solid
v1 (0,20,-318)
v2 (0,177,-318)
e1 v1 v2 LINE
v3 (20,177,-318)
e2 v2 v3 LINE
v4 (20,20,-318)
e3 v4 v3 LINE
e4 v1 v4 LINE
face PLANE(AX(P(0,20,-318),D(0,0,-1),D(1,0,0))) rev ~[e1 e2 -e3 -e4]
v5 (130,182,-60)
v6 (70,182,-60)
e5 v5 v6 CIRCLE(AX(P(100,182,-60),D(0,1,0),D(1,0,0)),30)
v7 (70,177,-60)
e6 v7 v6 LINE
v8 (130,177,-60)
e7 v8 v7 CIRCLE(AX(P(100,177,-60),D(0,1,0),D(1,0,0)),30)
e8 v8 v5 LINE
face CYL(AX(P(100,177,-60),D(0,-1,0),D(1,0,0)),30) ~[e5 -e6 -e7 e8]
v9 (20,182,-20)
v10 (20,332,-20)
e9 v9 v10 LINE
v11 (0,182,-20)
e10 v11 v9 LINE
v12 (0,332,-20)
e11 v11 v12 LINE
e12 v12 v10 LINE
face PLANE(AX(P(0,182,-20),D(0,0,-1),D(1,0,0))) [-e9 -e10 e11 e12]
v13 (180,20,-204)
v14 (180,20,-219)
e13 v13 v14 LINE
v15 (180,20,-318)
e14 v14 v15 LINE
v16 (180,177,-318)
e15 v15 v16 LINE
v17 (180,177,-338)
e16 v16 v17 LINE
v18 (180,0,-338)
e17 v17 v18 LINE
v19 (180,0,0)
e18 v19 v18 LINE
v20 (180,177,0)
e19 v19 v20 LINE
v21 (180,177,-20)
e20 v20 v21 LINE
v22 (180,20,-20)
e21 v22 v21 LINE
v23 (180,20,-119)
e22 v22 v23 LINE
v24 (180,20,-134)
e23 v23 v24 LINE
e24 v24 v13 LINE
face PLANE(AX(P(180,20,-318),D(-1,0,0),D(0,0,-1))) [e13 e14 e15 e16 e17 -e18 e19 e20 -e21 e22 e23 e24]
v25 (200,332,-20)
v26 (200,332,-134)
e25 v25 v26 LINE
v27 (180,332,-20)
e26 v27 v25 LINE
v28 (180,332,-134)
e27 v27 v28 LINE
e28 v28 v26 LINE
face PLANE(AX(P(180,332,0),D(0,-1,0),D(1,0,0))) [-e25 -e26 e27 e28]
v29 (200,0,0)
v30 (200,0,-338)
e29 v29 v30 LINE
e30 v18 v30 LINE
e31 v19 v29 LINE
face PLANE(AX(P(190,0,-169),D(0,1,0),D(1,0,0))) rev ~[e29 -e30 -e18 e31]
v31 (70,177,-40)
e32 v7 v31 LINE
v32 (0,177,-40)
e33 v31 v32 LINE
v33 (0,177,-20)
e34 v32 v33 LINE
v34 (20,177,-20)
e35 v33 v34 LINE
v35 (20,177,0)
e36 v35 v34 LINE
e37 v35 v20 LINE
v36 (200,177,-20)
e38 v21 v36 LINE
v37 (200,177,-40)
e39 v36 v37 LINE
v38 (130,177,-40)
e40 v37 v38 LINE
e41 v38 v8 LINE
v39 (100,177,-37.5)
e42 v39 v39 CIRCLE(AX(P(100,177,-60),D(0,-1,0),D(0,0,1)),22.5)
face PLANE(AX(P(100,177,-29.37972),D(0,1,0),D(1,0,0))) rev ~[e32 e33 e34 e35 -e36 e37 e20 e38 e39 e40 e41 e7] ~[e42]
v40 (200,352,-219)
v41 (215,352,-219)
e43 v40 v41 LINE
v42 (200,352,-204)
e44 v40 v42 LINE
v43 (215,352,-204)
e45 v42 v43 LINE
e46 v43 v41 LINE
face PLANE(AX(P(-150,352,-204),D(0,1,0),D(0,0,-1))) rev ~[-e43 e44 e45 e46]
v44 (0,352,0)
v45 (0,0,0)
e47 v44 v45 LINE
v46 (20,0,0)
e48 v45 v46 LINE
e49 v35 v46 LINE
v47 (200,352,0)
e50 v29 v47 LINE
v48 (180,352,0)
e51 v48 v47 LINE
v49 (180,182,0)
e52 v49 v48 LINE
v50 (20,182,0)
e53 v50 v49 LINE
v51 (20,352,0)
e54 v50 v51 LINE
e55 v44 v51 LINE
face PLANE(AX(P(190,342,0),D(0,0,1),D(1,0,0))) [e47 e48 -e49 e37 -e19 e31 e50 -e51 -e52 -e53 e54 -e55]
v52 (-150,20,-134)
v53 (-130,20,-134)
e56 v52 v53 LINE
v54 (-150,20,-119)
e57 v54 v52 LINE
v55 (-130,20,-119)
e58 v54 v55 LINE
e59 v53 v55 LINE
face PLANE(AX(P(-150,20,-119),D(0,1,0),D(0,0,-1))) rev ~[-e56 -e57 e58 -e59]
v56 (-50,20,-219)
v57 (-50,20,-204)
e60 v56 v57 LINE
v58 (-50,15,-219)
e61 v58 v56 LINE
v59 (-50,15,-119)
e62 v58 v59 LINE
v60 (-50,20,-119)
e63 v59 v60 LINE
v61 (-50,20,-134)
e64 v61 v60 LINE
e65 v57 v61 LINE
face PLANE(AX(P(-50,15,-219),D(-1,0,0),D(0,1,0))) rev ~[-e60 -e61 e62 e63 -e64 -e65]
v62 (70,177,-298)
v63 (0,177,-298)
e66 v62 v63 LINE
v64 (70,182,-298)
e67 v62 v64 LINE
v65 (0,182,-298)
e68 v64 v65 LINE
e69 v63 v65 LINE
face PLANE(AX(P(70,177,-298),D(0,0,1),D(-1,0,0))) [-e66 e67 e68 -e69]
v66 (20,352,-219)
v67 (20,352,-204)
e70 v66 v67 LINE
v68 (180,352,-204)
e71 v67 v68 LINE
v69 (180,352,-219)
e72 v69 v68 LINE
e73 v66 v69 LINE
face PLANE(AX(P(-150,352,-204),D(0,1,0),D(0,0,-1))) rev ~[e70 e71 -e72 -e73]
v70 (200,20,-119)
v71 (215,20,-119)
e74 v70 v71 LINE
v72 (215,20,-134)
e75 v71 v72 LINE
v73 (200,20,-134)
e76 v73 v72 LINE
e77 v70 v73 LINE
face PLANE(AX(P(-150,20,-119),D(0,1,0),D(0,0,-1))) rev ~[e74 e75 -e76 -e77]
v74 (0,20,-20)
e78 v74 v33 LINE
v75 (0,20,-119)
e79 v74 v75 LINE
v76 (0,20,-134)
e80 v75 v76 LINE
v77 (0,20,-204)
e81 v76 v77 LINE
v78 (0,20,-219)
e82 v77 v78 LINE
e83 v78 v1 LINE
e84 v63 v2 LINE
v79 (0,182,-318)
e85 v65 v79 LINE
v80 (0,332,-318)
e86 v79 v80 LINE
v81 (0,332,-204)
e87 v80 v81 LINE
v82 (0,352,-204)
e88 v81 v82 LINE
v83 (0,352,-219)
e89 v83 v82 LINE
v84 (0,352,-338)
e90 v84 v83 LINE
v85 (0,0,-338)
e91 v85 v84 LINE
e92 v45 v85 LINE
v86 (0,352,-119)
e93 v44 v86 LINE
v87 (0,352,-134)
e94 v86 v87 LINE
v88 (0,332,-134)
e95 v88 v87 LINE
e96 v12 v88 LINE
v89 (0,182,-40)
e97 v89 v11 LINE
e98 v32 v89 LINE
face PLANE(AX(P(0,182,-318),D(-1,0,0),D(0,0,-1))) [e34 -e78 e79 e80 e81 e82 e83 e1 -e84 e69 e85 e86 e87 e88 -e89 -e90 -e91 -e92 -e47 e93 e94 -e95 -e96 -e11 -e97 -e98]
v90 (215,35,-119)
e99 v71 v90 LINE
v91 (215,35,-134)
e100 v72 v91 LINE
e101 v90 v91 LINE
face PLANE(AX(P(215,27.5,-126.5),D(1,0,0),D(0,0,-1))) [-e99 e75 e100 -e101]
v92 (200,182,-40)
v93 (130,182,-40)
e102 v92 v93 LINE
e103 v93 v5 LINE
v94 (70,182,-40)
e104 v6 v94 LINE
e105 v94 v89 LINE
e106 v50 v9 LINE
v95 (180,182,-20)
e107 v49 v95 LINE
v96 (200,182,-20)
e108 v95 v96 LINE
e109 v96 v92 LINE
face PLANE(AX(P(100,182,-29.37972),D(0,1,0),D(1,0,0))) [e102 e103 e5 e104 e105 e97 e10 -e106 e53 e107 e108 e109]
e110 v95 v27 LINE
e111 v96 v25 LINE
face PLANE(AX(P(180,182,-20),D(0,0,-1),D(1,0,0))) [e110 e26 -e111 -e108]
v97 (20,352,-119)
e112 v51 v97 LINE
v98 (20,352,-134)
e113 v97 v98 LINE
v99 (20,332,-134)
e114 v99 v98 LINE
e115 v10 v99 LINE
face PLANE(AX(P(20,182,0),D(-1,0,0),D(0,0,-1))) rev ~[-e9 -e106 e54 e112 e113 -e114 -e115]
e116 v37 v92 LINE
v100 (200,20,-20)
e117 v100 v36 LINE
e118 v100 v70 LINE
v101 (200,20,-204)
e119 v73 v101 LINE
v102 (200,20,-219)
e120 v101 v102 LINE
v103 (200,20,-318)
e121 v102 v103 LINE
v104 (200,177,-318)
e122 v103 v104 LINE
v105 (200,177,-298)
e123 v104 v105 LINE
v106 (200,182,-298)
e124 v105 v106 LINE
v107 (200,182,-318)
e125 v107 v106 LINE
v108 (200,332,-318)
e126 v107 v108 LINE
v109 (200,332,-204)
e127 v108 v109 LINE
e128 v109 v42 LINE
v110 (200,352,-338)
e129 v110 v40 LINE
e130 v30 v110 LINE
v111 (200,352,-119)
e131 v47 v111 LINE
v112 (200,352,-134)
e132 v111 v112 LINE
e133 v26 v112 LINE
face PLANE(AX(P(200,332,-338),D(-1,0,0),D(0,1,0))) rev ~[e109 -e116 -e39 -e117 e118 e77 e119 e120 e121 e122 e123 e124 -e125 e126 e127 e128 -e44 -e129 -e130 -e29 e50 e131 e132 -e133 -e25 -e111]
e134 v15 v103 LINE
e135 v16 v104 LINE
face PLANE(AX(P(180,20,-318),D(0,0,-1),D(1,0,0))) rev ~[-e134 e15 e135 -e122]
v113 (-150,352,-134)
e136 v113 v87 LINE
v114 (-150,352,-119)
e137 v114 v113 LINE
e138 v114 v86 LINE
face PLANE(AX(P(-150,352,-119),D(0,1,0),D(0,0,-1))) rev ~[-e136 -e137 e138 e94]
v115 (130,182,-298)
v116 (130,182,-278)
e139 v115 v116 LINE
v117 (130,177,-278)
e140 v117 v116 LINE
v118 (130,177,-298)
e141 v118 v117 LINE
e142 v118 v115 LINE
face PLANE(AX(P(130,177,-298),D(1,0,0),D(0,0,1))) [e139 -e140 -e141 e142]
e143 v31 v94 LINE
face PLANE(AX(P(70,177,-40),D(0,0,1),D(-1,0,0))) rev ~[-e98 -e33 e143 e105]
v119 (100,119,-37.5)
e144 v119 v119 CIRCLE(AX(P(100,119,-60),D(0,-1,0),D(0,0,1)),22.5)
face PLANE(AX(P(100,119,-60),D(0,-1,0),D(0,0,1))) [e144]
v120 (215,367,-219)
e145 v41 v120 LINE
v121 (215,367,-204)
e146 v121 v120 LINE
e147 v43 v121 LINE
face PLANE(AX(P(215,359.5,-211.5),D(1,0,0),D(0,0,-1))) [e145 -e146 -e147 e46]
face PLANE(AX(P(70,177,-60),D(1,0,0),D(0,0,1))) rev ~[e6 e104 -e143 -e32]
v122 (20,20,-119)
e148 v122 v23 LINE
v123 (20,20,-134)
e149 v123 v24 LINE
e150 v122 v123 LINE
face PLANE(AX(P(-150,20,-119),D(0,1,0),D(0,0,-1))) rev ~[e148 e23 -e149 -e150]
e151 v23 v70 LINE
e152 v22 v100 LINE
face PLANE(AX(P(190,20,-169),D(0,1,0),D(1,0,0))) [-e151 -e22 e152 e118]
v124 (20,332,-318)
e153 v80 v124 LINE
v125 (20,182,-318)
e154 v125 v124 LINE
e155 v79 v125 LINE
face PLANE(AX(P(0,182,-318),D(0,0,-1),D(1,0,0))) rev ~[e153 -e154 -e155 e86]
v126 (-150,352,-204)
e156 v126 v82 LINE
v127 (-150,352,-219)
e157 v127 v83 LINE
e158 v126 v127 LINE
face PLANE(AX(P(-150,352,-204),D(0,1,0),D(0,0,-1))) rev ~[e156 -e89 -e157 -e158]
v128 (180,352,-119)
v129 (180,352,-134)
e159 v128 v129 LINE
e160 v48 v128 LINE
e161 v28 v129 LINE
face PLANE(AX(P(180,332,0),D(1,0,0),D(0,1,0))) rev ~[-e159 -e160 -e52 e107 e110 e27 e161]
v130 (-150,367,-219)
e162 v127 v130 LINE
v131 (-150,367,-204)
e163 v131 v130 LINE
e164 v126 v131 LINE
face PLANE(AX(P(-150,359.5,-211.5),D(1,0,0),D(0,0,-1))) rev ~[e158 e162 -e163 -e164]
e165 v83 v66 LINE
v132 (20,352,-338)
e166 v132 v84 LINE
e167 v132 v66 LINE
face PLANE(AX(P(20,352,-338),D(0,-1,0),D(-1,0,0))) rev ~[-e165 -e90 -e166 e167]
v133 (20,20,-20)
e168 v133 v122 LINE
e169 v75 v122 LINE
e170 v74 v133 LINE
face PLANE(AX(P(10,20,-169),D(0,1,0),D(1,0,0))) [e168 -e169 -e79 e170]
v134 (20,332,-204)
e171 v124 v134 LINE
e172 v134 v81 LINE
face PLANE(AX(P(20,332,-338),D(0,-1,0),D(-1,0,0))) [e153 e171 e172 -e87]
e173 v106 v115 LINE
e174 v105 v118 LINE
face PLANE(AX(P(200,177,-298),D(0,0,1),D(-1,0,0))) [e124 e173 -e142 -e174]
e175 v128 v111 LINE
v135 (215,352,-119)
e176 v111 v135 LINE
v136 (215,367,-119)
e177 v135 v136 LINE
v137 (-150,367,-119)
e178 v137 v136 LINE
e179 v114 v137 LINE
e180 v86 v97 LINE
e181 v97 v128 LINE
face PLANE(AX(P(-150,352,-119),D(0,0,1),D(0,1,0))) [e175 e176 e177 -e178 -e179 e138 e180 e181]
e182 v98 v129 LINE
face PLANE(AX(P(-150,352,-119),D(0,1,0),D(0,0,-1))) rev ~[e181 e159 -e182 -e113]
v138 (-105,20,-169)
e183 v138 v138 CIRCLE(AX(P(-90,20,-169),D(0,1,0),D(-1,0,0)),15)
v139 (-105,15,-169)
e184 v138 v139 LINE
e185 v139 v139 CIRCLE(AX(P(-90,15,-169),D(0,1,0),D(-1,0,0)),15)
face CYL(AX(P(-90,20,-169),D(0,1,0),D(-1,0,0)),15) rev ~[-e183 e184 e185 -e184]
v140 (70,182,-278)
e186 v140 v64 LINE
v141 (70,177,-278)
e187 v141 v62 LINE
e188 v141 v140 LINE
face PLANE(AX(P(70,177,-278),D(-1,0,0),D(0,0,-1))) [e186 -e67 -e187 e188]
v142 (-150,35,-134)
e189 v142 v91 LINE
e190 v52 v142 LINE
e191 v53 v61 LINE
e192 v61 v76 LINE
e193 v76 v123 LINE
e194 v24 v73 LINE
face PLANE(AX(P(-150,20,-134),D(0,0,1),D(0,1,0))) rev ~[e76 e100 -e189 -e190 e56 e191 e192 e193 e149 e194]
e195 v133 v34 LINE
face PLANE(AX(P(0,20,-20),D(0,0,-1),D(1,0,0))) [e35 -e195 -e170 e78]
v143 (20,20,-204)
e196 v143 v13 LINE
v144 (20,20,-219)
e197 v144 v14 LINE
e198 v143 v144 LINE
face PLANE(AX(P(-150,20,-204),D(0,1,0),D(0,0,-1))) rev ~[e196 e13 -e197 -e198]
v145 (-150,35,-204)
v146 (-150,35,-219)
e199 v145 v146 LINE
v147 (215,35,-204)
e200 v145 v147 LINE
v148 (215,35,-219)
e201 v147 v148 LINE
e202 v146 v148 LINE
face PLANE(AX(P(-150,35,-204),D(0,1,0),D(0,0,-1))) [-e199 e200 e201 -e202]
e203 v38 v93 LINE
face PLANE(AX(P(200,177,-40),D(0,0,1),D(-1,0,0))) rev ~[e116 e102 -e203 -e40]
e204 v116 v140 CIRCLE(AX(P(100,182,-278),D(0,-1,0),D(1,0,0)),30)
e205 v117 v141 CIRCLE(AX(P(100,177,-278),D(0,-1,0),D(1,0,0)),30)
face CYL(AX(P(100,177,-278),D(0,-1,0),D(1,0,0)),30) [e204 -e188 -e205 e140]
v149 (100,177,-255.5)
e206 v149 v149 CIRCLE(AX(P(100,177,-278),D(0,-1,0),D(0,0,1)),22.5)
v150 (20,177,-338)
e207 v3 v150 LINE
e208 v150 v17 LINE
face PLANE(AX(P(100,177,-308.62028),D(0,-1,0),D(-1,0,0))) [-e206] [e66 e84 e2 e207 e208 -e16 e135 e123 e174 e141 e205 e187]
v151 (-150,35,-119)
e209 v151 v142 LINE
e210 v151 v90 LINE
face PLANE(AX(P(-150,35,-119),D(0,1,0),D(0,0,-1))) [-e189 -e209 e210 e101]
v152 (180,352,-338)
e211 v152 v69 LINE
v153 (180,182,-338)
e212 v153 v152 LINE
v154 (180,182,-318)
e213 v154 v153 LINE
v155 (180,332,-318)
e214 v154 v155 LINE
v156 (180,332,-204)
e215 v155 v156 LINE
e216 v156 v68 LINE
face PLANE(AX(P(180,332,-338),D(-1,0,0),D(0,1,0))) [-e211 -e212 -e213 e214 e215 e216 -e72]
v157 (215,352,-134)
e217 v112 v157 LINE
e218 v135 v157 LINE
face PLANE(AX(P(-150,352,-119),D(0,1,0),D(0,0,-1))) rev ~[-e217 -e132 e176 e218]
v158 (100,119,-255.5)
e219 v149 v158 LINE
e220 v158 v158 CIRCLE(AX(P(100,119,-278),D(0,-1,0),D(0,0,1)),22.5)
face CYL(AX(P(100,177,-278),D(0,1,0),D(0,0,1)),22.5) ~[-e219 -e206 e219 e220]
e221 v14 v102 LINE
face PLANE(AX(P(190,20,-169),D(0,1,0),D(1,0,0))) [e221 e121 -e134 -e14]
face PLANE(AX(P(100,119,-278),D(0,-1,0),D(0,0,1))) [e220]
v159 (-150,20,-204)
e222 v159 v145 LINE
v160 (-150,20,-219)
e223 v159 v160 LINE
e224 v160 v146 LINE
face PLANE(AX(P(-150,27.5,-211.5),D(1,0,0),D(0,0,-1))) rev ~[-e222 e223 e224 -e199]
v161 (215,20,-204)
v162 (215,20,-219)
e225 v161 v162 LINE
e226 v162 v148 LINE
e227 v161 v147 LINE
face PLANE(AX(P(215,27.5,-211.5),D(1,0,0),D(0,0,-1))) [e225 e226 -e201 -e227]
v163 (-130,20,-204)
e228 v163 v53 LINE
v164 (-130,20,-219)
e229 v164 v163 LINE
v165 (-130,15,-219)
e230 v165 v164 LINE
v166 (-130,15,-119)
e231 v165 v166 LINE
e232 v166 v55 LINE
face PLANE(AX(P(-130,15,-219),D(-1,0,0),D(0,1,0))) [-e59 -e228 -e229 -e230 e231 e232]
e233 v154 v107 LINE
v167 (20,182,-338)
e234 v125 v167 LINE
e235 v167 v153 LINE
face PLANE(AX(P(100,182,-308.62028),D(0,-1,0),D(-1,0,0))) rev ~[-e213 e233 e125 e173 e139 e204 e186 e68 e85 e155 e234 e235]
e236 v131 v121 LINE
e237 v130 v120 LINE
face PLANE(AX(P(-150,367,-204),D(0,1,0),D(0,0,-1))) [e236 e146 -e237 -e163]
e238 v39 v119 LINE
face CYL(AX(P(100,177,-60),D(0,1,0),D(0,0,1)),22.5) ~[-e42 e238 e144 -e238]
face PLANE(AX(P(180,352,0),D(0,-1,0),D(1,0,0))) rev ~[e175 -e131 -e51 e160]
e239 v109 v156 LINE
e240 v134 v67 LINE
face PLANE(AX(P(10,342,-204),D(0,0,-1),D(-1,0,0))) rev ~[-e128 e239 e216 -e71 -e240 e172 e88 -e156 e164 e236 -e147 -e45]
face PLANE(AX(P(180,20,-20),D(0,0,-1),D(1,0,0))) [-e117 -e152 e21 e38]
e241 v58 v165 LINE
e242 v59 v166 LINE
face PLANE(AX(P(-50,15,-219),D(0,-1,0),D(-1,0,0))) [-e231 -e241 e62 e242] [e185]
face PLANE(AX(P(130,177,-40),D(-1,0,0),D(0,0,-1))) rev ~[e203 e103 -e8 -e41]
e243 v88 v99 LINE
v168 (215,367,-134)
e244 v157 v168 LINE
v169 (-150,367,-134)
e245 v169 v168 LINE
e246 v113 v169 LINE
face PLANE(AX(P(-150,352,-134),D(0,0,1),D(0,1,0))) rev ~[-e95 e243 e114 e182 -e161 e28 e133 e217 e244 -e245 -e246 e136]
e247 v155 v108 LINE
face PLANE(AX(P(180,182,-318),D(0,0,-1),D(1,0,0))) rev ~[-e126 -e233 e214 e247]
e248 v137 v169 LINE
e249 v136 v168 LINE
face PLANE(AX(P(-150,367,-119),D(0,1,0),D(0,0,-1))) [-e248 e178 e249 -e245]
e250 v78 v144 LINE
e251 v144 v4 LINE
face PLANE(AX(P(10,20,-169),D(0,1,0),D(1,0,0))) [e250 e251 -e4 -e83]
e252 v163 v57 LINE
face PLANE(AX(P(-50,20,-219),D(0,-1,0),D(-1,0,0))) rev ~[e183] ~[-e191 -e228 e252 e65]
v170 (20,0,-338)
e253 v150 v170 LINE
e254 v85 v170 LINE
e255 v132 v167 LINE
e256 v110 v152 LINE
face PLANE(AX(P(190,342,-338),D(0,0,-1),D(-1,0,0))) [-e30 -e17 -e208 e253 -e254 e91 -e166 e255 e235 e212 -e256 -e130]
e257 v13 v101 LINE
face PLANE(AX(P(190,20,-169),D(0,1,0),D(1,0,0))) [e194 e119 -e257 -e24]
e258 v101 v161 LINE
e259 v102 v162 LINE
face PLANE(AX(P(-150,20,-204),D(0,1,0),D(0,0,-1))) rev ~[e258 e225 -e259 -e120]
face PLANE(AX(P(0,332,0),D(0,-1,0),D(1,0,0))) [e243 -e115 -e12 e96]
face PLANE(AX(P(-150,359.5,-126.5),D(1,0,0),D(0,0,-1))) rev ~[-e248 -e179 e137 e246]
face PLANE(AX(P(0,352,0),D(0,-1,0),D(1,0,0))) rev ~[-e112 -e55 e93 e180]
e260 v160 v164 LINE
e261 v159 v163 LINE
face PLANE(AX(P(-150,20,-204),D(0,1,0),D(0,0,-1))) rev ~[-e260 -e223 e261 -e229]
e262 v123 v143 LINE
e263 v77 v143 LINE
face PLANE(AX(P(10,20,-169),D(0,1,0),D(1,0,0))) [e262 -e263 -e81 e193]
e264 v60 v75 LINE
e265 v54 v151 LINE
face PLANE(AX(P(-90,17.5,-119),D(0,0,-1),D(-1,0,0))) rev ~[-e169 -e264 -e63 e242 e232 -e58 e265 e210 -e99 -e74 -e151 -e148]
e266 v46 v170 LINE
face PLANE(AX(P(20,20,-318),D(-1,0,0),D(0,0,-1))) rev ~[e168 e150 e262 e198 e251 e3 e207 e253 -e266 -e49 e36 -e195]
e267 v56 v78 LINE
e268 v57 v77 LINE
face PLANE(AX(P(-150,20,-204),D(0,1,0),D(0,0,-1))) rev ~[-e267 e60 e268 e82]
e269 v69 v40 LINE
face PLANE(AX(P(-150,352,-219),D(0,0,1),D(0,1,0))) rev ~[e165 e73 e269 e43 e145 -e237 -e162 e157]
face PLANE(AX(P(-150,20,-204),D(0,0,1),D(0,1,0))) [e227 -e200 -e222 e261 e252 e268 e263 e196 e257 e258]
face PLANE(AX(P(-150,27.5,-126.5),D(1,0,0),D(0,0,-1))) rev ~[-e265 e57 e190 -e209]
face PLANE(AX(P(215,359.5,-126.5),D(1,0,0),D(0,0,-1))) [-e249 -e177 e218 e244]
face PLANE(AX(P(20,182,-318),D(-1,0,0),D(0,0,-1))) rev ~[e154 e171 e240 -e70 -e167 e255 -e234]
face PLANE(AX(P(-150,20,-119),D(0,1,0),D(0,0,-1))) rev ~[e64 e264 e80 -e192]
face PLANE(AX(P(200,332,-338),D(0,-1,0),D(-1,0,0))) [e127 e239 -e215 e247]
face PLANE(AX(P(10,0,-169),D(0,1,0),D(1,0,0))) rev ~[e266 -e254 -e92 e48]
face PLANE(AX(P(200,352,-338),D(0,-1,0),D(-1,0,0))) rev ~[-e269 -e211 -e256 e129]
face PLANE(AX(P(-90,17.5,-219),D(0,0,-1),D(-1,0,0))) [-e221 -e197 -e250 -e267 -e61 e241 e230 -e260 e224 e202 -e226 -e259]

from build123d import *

# Parameters (mm, degrees)
SKETCH_1_W            = 20
SKETCH_1_H            = 338
EXTRUDE_1_DEPTH       = 20
EXTRUDE_1_2_DEPTH     = 20
SKETCH_2_W            = 20
SKETCH_2_H            = 20
EXTRUDE_2_DEPTH       = 157
EXTRUDE_4_DEPTH       = 5
SKETCH_6_R            = 22.5
EXTRUDE_5_DEPTH       = 58
EXTRUDE_6_DEPTH       = 15
EXTRUDE_6_DEPTH_BACK  = 350
SKETCH_7_W            = 15
SKETCH_7_H            = 15
SKETCH_12_W           = 20
SKETCH_12_H           = 20
EXTRUDE_10_DEPTH      = 150
SKETCH_13_W           = 20
SKETCH_13_H           = 20
EXTRUDE_11_DEPTH      = 134
SKETCH_14_W           = 20
SKETCH_14_H           = 20
EXTRUDE_12_DEPTH      = 134
EXTRUDE_13_DEPTH      = 15
EXTRUDE_13_DEPTH_BACK = 350
SKETCH_15_W           = 15
SKETCH_15_H           = 15
SKETCH_19_W           = 80
SKETCH_19_H           = 5
EXTRUDE_15_DEPTH      = 100
SKETCH_20_R           = 15
CUT_EXTRUDE_1_DEPTH   = 5


with BuildPart() as part:
    # 草图1 → 凸台-拉伸1 (new body)
    with BuildSketch(Plane(origin=(0, 0, 0), x_dir=(1, 0, 0), z_dir=(0, 1, 0))):
        with Locations((10, 169)):
            Rectangle(SKETCH_1_W, SKETCH_1_H)
    extrude(amount=EXTRUDE_1_DEPTH)



with BuildPart() as body_2:
    # 草图1 → Extrude 1 2 (new body)
    with BuildSketch(Plane(origin=(0, 0, 0), x_dir=(1, 0, 0), z_dir=(0, 1, 0))):
        with Locations((190, 169)):
            Rectangle(SKETCH_1_W, SKETCH_1_H)
    extrude(amount=EXTRUDE_1_2_DEPTH)


with BuildPart() as part_1:
    add(part.part)

    add(body_2.part)  # 凸台-拉伸2 merges body 2
    # 草图2 → 凸台-拉伸2 (add)
    with BuildSketch(Plane(origin=(0, 20, 0), x_dir=(1, 0, 0), z_dir=(0, 1, 0))):
        with Locations((10, 328)):
            Rectangle(SKETCH_2_W, SKETCH_2_H)
        with Locations((190, 328)):
            Rectangle(SKETCH_2_W, SKETCH_2_H)
        with Locations((190, 10)):
            Rectangle(SKETCH_2_W, SKETCH_2_H)
        with Locations((10, 10)):
            Rectangle(SKETCH_2_W, SKETCH_2_H)
    extrude(amount=EXTRUDE_2_DEPTH)

    # 草图5 → 凸台-拉伸4 (add)
    with BuildSketch(Plane(origin=(0, 177, 0), x_dir=(1, 0, 0), z_dir=(0, 1, 0))):
        with BuildLine():
            Line((0, 0), (200, 0))
            Line((200, 0), (200, 40))
            Line((200, 40), (130, 40))
            Line((130, 40), (130, 60))
            ThreePointArc((130, 60), (100, 90), (70, 60))
            Line((70, 60), (70, 40))
            Line((70, 40), (0, 40))
            Line((0, 40), (0, 0))
        make_face()
        with BuildLine():
            Line((0, 338), (200, 338))
            Line((200, 338), (200, 298))
            Line((200, 298), (130, 298))
            Line((130, 298), (130, 278))
            ThreePointArc((130, 278), (100, 248), (70, 278))
            Line((70, 278), (70, 298))
            Line((70, 298), (0, 298))
            Line((0, 298), (0, 338))
        make_face()
    extrude(amount=EXTRUDE_4_DEPTH)

    # 草图6 → 凸台-拉伸5 (add)
    with BuildSketch(Plane(origin=(0, 177, 0), x_dir=(-1, 0, 0), z_dir=(0, -1, 0))):
        with Locations((-100, 60)):
            Circle(SKETCH_6_R)
        with Locations((-100, 278)):
            Circle(SKETCH_6_R)
    extrude(amount=EXTRUDE_5_DEPTH)

    # 草图7 → 凸台-拉伸6 (add, two sides: drawn at the far end of the back side and taken through both)
    with BuildSketch(Plane(origin=(200, 0, 0), x_dir=(0, 0, -1), z_dir=(1, 0, 0)).offset(-EXTRUDE_6_DEPTH_BACK)):
        with Locations((126.5, 27.5)):
            Rectangle(SKETCH_7_W, SKETCH_7_H)
        with Locations((211.5, 27.5)):
            Rectangle(SKETCH_7_W, SKETCH_7_H)
    extrude(amount=EXTRUDE_6_DEPTH + EXTRUDE_6_DEPTH_BACK)

    # 草图12 → 凸台-拉伸10 (add)
    with BuildSketch(Plane(origin=(0, 182, 0), x_dir=(1, 0, 0), z_dir=(0, 1, 0))):
        with Locations((10, 328)):
            Rectangle(SKETCH_12_W, SKETCH_12_H)
        with Locations((190, 328)):
            Rectangle(SKETCH_12_W, SKETCH_12_H)
        with Locations((10, 10)):
            Rectangle(SKETCH_12_W, SKETCH_12_H)
        with Locations((190, 10)):
            Rectangle(SKETCH_12_W, SKETCH_12_H)
    extrude(amount=EXTRUDE_10_DEPTH)

    # 草图13 → 凸台-拉伸11 (add)
    with BuildSketch(Plane.XY):
        with Locations((190, 342)):
            Rectangle(SKETCH_13_W, SKETCH_13_H)
        with Locations((10, 342)):
            Rectangle(SKETCH_13_W, SKETCH_13_H)
    extrude(amount=-EXTRUDE_11_DEPTH)

    # 草图14 → 凸台-拉伸12 (add)
    with BuildSketch(Plane(origin=(0, 0, -338), x_dir=(-1, 0, 0), z_dir=(0, 0, -1))):
        with Locations((-190, 342)):
            Rectangle(SKETCH_14_W, SKETCH_14_H)
        with Locations((-10, 342)):
            Rectangle(SKETCH_14_W, SKETCH_14_H)
    extrude(amount=-EXTRUDE_12_DEPTH)

    # 草图15 → 凸台-拉伸13 (add, two sides: drawn at the far end of the back side and taken through both)
    with BuildSketch(Plane(origin=(200, 0, 0), x_dir=(0, 0, -1), z_dir=(1, 0, 0)).offset(-EXTRUDE_13_DEPTH_BACK)):
        with Locations((126.5, 359.5)):
            Rectangle(SKETCH_15_W, SKETCH_15_H)
        with Locations((211.5, 359.5)):
            Rectangle(SKETCH_15_W, SKETCH_15_H)
    extrude(amount=EXTRUDE_13_DEPTH + EXTRUDE_13_DEPTH_BACK)

    # 草图19 → 凸台-拉伸15 (add)
    with BuildSketch(Plane(origin=(0, 0, -219), x_dir=(-1, 0, 0), z_dir=(0, 0, -1))):
        with Locations((90, 17.5)):
            Rectangle(SKETCH_19_W, SKETCH_19_H)
    extrude(amount=-EXTRUDE_15_DEPTH)

    # 草图20 → 切除-拉伸1 (cut)
    with BuildSketch(Plane(origin=(0, 20, 0), x_dir=(1, 0, 0), z_dir=(0, 1, 0))):
        with Locations((-90, 169)):
            Circle(SKETCH_20_R)
    extrude(amount=-CUT_EXTRUDE_1_DEPTH, mode=Mode.SUBTRACT)


solid = part_1.part
